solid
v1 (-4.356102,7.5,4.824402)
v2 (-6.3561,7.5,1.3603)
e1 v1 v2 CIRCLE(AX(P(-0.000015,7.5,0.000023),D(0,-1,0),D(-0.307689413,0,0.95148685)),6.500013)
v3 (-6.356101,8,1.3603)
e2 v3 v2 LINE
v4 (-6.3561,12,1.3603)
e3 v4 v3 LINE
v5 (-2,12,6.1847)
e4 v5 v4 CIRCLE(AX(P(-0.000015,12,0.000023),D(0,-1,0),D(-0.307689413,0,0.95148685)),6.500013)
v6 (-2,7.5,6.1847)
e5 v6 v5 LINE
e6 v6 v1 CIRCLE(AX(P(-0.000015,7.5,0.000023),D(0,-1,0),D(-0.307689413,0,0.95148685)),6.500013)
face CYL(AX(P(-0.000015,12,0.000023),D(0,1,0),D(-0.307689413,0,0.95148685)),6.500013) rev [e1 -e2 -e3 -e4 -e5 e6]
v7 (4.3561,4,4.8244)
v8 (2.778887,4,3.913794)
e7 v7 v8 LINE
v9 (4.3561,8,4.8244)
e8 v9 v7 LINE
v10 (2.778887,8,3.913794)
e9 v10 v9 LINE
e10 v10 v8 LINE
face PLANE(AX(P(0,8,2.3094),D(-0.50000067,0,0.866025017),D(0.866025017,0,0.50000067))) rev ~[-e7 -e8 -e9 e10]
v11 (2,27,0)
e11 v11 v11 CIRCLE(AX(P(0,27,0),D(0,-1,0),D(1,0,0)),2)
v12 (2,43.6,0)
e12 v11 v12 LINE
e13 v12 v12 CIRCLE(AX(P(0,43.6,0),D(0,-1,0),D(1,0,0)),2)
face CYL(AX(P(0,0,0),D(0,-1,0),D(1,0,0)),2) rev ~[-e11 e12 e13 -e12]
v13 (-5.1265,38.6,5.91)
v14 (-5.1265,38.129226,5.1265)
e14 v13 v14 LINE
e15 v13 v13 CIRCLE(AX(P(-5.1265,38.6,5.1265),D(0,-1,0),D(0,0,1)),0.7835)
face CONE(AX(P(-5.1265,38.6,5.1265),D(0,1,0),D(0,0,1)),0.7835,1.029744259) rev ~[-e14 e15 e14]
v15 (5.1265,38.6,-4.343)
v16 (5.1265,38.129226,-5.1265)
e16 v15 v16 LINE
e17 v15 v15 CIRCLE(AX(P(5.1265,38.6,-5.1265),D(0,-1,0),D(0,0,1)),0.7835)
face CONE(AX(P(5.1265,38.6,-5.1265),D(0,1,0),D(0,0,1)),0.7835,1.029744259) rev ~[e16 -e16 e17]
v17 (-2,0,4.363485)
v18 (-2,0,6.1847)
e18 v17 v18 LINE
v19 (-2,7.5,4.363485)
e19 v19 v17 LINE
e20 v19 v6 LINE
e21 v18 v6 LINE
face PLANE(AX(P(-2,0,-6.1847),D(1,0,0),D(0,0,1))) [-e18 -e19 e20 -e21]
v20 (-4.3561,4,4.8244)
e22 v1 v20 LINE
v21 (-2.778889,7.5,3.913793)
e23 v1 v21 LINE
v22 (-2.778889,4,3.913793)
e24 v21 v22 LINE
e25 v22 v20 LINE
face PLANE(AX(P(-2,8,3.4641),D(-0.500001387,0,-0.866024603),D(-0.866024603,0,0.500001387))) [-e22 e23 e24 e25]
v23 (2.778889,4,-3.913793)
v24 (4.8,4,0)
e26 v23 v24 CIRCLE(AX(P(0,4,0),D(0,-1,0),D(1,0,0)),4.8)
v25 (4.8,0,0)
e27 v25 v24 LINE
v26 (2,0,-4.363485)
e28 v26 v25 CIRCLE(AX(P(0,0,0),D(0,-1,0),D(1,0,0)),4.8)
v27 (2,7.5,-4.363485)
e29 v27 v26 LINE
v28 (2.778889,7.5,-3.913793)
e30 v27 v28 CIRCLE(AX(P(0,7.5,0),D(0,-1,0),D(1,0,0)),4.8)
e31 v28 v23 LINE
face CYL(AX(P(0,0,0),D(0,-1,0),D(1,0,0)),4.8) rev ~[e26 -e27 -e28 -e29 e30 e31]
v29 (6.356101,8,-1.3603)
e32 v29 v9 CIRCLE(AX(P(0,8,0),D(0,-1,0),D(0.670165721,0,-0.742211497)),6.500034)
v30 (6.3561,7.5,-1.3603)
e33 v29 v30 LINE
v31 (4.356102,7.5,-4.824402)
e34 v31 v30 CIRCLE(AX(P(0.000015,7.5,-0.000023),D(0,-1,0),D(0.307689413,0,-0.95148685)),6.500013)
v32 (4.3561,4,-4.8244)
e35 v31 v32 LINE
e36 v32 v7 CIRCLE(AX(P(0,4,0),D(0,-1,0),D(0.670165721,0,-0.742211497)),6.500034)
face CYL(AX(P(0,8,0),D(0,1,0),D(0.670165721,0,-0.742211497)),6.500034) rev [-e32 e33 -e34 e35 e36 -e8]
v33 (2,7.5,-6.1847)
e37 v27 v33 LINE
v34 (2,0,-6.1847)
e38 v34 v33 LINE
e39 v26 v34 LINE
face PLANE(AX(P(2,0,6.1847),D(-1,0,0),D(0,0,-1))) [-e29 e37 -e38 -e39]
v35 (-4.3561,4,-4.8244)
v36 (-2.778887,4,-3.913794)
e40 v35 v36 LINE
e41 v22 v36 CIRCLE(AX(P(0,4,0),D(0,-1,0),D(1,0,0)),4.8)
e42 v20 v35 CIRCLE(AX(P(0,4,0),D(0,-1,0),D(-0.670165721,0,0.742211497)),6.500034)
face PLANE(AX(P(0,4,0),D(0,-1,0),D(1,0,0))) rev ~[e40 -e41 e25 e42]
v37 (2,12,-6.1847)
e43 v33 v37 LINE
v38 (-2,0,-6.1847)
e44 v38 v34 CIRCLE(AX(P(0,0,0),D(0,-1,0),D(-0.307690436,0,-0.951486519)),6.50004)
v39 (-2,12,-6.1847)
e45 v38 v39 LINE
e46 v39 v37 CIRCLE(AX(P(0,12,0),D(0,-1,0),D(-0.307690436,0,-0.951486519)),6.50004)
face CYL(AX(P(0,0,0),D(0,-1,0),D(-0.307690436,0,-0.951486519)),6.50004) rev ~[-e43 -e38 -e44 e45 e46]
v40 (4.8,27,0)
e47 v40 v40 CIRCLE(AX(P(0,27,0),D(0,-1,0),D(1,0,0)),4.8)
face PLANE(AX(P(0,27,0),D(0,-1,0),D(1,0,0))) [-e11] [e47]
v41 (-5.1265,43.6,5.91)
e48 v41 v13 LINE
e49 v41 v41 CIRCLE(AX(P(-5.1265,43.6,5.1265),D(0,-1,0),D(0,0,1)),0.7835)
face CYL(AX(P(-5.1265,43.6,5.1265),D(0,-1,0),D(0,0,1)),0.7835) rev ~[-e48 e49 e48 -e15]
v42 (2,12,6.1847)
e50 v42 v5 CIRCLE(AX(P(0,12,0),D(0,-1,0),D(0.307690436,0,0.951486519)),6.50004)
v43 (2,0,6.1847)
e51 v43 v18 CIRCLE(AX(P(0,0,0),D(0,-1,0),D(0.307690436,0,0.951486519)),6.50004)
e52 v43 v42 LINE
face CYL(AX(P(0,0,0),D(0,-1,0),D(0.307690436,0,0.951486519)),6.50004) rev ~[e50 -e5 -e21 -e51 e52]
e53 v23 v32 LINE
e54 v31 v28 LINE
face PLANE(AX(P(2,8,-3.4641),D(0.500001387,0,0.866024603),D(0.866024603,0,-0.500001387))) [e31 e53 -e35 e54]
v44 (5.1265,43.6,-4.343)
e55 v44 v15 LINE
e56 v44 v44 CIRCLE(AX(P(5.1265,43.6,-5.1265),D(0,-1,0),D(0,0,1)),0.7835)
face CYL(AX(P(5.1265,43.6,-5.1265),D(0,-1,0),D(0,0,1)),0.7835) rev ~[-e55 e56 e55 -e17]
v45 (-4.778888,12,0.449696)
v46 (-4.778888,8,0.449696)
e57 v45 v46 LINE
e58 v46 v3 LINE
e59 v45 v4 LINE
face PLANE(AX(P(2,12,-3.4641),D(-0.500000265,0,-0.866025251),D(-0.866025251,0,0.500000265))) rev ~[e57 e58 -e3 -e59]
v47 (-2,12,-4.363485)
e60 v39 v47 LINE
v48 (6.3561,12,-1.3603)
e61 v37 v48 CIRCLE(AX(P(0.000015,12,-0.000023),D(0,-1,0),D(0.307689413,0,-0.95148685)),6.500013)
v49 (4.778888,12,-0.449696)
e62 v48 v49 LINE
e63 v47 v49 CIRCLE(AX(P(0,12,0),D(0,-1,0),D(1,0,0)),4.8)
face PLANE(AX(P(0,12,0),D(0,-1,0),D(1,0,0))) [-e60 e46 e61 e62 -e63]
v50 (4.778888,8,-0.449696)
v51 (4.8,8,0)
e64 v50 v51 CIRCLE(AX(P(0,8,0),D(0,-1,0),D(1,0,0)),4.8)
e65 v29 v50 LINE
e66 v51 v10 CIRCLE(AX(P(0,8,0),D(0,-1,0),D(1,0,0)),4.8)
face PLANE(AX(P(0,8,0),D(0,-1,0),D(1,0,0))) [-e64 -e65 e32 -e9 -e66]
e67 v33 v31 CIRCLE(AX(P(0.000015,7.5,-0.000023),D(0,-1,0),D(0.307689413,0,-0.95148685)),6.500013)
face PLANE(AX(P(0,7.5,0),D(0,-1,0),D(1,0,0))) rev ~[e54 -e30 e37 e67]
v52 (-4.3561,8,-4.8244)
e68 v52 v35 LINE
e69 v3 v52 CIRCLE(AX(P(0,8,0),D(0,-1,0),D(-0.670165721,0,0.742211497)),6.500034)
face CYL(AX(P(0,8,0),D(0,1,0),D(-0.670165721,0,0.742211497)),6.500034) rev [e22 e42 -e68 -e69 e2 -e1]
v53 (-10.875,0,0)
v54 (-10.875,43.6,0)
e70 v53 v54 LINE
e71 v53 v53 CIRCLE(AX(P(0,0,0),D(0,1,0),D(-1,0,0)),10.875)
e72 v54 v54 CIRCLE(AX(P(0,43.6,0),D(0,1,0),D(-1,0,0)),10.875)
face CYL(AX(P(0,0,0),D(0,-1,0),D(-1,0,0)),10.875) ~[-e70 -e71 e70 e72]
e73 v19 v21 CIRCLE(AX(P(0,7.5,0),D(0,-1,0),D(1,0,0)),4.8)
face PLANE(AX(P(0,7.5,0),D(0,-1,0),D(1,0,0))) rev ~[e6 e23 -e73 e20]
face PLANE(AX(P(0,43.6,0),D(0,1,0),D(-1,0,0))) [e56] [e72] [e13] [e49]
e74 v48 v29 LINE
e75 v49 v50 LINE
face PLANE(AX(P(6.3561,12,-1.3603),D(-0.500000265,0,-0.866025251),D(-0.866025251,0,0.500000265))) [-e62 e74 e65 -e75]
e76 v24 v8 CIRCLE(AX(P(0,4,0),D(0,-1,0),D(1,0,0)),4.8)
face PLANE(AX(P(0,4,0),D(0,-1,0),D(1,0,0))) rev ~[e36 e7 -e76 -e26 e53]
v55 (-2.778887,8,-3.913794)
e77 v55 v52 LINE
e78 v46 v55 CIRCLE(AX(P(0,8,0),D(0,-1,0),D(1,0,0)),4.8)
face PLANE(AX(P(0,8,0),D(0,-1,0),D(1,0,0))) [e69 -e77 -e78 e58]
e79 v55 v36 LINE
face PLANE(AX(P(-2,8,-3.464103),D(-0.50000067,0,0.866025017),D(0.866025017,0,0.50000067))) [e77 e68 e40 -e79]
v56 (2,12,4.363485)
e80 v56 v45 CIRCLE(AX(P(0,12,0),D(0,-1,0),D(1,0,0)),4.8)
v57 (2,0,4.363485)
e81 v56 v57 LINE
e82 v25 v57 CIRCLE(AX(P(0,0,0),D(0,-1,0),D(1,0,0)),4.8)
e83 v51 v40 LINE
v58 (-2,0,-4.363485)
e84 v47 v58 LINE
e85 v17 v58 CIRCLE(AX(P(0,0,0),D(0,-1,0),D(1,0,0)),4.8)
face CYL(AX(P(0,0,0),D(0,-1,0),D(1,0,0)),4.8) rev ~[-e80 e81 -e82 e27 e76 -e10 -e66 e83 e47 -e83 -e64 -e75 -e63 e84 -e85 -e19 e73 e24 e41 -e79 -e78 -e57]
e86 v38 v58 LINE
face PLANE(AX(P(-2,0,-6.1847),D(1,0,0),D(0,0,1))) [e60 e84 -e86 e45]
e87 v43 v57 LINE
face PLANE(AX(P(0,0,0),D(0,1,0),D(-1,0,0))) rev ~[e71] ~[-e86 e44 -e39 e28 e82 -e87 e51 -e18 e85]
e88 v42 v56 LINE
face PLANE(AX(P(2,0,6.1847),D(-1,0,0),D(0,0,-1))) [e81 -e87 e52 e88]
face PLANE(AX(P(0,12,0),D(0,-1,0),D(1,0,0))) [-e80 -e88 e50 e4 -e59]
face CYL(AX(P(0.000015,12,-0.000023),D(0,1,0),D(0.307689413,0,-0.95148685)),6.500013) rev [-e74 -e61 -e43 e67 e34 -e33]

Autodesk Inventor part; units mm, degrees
ref_plane "YZ Plane" through (0, 0, 0) normal (1, 0, 0) x (0, 1, 0)
ref_plane "XZ Plane" through (0, 0, 0) normal (0, 1, 0) x (-1, 0, 0)
sketch "Sketch1" plane through (0, 0, 0) normal (0, 1, 0) x (-1, 0, 0)
  circle A0 centre (0, 0) radius 10.875
  dimension "d0" = 21.75
extrude "Extrusion1" add sketch "Sketch1" along normal blind 43.6
sketch "Sketch2" plane through (0, 0, 0) normal (0, -1, 0) x (1, 0, 0)
  circle A0 centre (0, 0) radius 2
  dimension "d3" = 4
extrude "Extrusion2" cut sketch "Sketch2" against normal through all
sketch "Sketch3" plane through (0, 0, 0) normal (0, -1, 0) x (1, 0, 0)
  line L0 (-2, -6.1847) -> (-2, 6.1847)
  line L1 (2, 6.1847) -> (2, -6.1847)
  arc A0 (2, 6.1847) -> (-2, 6.1847) centre (0, 0) ccw
  arc A1 (-2, -6.1847) -> (2, -6.1847) centre (0, 0) ccw
  dimension "d26" = 6.5
  dimension "d27" = 4
  dimension "d28" = 2
extrude "Extrusion3" cut sketch "Sketch3" against normal blind 12
sketch "Sketch4" plane through (0, 12, 0) normal (0, -1, 0) x (1, 0, 0)
  line L0 (2, -7.1361) -> (-2, -7.1361) construction
  line L1 (-2, -7.1361) -> (-2, 7.9296) construction
  line L2 (-2, 7.9296) -> (2, 7.9296) construction
  line L3 (2, 7.9296) -> (2, -7.1361) construction
  line L4 (7.1801, -1.836) -> (5.1801, -5.3001) construction
  line L5 (5.1801, -5.3001) -> (-7.8673, 2.2328) construction
  line L6 (-7.8673, 2.2328) -> (-5.8673, 5.6969) construction
  line L7 (-5.8673, 5.6969) -> (7.1801, -1.836) construction
  arc A0 (-2, 6.1847) -> (-6.3561, 1.3603) centre (0, 0) ccw
  arc A1 (2, -6.1847) -> (6.3561, -1.3603) centre (0, 0) ccw
  line L8 (-2, 6.1847) -> (-2, 3.4641)
  line L9 (6.3561, -1.3603) -> (-2, 3.4641)
  line L10 (2, -6.1847) -> (2, -3.4641)
  line L11 (2, -3.4641) -> (-6.3561, 1.3603)
  dimension "d29" = 4
  dimension "d32" = 60
extrude "Extrusion4" cut sketch "Sketch4" along normal blind 4.5
ref_plane "Work Plane1" through (0, 8, 0) normal (0, -1, 0) x (1, 0, 0)
sketch "Sketch5" plane through (0, 8, 0) normal (0, -1, 0) x (1, 0, 0)
  line L0 (2, -9.381) -> (-2, -9.381) construction
  line L1 (-2, -9.381) -> (-2, 10.3615) construction
  line L2 (-2, 10.3615) -> (2, 10.3615) construction
  line L3 (2, 10.3615) -> (2, -9.381) construction
  line L4 (9.1242, -2.9584) -> (7.1242, -6.4225) construction
  line L5 (7.1242, -6.4225) -> (-9.9734, 3.4487) construction
  line L6 (-9.9734, 3.4487) -> (-7.9734, 6.9128) construction
  line L7 (-7.9734, 6.9128) -> (9.1242, -2.9584) construction
  line L8 (7.1242, 6.4225) -> (9.1242, 2.9584) construction
  line L9 (9.1242, 2.9584) -> (-7.9734, -6.9128) construction
  line L10 (-7.9734, -6.9128) -> (-9.9734, -3.4487) construction
  line L11 (-9.9734, -3.4487) -> (7.1242, 6.4225) construction
  line L12 (2, -3.4641) -> (4.3561, -4.8244)
  line L13 (2, 6.1847) -> (2, 1.1547) projected
  line L14 (0, 2.3094) -> (2, 1.1547)
  line L15 (2, 1.1547) -> (2, -3.4641)
  line L16 (-2, 3.4641) -> (-4.3561, 4.8244)
  line L17 (-2, -6.1847) -> (-2, -1.1547) projected
  line L18 (-2, 3.4641) -> (-2, -1.1547)
  line L19 (-2, -1.1547) -> (0, -2.3094)
  line L20 (-4.3561, -4.8244) -> (0, -2.3094)
  arc A0 (-4.3561, 4.8244) -> (-4.3561, -4.8244) centre (0, 0) ccw
  arc A1 (4.3561, -4.8244) -> (4.3561, 4.8244) centre (0, 0) ccw
  line L21 (0, 2.3094) -> (4.3561, 4.8244)
  dimension "d37" = 4
  dimension "d40" = 60
  dimension "d44" = 60
extrude "Extrusion5" cut sketch "Sketch5" along normal blind 4
sketch "Sketch6" plane through (0, 0, 0) normal (0, -1, 0) x (1, 0, 0)
  circle A0 centre (0, 0) radius 4.8
  dimension "d49" = 9.6
extrude "Extrusion6" cut sketch "Sketch6" against normal blind 27
sketch "Sketch7" plane through (0, 43.6, 0) normal (0, 1, 0) x (1, 0, 0)
  line L0 (0, 0) -> (8.3053, 8.3053) construction
  line L1 (0, 0) -> (11.7454, 0) construction
  point P0 (5.1265, 5.1265)
  point P1 (-5.1265, -5.1265)
  dimension "d68" = 45
  dimension "d69" = 14.5
  dimension "d70" = 7.25
hole "Hole1" at (-5.1265, 43.6, 5.1265) at (5.1265, 43.6, -5.1265) direction (0, -1, 0) diameter 1.567 depth 5 tip angle 118 thread size "M2x0.4" class "6H" standard "ANSI Metric M Profile"
equation "\"d70\" = 0.5 * d69"
properties part number "EncoderHandleSupport"
